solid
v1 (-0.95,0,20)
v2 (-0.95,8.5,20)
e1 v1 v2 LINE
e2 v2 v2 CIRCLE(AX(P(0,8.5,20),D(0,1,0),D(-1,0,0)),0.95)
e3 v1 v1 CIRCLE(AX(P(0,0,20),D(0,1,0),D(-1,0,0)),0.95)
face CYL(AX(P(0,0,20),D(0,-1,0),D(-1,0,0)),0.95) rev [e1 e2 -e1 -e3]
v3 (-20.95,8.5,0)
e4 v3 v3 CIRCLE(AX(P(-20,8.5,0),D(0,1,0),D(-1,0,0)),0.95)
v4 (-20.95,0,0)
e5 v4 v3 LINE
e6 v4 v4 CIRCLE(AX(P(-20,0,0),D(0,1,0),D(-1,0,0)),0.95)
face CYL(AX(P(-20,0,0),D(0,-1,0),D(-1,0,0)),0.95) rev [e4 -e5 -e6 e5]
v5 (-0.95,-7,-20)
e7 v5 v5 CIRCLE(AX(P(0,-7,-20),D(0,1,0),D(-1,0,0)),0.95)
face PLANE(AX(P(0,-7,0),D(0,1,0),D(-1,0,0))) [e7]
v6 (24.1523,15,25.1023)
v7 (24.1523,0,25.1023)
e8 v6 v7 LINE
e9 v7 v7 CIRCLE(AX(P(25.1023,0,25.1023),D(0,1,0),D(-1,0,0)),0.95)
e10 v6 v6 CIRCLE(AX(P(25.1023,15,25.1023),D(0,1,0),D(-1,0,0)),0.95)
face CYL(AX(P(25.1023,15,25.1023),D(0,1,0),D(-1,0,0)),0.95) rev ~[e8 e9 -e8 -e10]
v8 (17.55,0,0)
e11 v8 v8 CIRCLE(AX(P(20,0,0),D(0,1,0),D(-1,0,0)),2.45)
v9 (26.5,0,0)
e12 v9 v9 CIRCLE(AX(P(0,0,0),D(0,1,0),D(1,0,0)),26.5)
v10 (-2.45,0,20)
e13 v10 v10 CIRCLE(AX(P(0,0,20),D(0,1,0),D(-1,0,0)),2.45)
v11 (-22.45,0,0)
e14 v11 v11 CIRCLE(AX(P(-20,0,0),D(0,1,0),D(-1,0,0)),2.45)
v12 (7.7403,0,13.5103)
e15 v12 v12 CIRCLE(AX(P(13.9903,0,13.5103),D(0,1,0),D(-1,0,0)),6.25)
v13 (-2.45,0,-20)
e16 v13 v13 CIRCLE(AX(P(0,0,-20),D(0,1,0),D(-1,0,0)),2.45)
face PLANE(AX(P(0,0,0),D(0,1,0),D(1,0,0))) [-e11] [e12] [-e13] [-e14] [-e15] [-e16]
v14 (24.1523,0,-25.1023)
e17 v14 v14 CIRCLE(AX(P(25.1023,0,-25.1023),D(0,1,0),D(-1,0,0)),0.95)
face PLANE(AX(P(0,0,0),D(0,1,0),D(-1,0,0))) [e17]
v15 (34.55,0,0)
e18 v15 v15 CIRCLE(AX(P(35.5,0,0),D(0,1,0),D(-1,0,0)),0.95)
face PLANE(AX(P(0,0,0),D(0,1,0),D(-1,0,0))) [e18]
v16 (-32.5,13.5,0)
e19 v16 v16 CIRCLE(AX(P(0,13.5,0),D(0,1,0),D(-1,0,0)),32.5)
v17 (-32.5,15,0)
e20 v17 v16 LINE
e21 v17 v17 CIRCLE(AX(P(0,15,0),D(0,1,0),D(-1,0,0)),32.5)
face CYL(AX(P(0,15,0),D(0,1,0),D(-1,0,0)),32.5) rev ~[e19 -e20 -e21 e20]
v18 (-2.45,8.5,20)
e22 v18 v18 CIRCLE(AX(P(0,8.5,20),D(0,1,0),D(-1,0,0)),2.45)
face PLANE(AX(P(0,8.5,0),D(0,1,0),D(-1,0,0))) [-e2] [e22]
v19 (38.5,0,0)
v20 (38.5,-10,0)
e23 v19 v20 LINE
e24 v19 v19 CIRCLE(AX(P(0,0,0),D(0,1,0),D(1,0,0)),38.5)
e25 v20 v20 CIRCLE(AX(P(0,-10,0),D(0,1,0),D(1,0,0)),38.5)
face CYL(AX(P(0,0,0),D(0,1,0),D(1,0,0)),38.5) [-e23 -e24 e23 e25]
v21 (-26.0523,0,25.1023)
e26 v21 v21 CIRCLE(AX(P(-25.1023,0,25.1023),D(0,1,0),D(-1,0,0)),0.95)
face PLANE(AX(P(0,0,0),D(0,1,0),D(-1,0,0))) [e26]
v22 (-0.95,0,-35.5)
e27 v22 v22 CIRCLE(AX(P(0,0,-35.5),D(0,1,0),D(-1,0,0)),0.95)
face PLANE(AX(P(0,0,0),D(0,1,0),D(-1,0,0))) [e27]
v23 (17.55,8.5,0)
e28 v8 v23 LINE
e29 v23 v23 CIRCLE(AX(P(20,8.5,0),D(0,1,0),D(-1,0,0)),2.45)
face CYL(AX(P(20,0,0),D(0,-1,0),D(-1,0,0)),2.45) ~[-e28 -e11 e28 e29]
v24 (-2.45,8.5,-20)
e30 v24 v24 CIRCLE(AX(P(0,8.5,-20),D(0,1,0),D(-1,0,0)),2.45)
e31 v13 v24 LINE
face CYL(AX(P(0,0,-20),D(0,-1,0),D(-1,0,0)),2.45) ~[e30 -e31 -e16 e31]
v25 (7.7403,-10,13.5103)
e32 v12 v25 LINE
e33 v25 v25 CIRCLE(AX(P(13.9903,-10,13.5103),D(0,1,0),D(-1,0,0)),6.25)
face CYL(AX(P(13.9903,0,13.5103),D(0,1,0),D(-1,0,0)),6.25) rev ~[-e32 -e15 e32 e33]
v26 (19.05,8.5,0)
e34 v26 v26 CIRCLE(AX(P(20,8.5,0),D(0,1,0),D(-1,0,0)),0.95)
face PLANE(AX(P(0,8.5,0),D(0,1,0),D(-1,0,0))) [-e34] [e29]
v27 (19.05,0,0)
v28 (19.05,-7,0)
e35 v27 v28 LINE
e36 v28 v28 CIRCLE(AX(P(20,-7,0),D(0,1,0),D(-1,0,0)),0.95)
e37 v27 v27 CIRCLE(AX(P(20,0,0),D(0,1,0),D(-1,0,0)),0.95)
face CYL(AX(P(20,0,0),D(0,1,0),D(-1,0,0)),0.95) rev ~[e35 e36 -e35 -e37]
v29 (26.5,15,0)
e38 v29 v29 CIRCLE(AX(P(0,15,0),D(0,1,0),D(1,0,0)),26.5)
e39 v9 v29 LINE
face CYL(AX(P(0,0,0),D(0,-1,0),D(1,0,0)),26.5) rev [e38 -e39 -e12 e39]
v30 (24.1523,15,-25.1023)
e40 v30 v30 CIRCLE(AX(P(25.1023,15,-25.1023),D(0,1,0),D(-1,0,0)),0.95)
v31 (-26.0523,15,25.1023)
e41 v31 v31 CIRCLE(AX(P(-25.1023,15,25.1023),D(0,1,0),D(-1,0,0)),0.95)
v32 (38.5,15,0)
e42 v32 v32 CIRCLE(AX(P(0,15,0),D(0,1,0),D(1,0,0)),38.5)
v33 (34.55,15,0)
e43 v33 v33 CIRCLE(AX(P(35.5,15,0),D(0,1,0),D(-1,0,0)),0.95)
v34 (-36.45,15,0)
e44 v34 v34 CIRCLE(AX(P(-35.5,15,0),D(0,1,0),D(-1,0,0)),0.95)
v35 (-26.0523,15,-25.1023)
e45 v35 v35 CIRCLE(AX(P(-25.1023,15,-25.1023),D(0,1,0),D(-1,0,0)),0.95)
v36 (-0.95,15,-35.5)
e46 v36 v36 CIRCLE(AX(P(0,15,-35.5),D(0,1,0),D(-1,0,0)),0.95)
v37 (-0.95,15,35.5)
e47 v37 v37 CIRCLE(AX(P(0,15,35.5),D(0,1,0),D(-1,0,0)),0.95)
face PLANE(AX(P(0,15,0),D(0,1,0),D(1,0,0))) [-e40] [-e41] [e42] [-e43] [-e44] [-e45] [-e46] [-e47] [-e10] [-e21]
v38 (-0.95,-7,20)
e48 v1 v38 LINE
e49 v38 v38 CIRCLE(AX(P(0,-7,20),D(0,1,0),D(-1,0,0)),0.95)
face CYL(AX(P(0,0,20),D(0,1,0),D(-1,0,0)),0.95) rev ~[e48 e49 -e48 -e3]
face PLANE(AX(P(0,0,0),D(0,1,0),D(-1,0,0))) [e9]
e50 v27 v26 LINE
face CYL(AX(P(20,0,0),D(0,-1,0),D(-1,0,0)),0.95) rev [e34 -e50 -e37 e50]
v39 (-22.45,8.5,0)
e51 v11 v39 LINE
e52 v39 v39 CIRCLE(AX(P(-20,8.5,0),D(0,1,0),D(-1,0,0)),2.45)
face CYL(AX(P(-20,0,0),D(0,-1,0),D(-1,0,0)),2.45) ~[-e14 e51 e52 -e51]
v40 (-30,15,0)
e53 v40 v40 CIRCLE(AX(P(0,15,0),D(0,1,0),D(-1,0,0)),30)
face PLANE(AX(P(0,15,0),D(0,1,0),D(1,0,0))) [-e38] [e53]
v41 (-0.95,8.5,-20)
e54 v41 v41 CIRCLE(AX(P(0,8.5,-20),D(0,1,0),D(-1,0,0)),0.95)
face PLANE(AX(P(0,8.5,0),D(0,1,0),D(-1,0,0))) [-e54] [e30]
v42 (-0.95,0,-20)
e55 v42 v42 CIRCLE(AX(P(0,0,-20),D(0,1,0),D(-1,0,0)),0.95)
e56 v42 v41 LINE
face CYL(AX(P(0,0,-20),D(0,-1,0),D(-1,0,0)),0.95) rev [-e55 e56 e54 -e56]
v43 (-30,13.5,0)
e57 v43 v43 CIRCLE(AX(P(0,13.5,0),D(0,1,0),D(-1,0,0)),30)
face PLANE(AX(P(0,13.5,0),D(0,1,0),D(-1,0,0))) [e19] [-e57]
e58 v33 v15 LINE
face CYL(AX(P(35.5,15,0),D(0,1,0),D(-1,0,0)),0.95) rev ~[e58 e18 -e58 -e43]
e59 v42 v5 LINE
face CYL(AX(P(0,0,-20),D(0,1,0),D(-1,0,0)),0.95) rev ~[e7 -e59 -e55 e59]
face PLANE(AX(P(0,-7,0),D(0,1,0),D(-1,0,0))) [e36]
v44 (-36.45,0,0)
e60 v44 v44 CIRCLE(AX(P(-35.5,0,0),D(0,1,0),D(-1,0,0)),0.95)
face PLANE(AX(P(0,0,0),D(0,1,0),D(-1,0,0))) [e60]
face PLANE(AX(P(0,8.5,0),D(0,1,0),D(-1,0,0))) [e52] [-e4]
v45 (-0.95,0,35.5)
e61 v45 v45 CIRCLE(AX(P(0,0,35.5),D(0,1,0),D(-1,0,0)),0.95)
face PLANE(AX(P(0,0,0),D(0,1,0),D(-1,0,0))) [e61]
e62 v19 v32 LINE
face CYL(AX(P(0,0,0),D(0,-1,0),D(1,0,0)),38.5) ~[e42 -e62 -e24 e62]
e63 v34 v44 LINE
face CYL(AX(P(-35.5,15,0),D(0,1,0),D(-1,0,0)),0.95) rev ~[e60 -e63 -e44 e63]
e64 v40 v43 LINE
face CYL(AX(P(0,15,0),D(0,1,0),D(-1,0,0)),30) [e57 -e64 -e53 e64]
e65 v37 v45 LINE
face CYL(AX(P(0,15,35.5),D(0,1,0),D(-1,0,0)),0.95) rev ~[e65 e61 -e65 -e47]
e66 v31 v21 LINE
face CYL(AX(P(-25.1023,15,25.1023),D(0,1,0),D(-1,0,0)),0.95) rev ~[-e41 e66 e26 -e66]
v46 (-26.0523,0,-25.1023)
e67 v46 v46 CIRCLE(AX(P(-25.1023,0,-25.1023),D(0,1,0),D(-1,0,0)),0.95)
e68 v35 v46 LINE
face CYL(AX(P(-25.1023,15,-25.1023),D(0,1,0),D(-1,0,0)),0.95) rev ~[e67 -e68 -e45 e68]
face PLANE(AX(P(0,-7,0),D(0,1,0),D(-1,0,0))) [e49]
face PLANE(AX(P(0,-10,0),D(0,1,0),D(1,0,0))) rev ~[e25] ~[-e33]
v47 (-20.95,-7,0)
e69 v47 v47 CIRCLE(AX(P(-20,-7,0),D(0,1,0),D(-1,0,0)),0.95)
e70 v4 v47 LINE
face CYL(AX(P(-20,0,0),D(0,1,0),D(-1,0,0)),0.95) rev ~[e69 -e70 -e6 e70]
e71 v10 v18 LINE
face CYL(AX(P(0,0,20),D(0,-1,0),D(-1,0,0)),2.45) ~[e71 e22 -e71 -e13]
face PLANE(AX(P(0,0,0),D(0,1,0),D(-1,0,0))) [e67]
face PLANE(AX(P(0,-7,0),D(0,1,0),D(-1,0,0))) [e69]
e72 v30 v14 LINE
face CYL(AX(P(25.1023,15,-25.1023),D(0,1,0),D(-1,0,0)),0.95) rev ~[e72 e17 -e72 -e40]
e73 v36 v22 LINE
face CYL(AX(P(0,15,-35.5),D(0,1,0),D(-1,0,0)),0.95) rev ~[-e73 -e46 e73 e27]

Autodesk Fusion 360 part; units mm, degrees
sketch "BaseSketch" plane through (0, 0, 0) normal (0, 1, 0) x (1, 0, 0)
  circle A0 centre (0, 0) radius 38.5
  circle A1 centre (0, 0) radius 26.5
  dimension "d1" = 77
  dimension "d2" = 53
extrude "Extrude1" add sketch "BaseSketch" against normal blind 10 contours A0 | A1
extrude "Extrude2" add sketch "BaseSketch" along normal blind 15
sketch "ORingSketch" plane through (0, 15, 0) normal (0, 1, 0) x (-1, 0, 0)
  circle A0 centre (0, 0) radius 26.5
  circle A1 centre (0, 0) radius 38.5
  circle A2 centre (0, 0) radius 30
  circle A3 centre (0, 0) radius 32.5
  dimension "d10" = 60
  dimension "d11" = 65
extrude "Extrude3" cut sketch "ORingSketch" against normal blind 1.5 contours A3
sketch "ScrewSketch" plane through (0, 15, 0) normal (0, 1, 0) x (-1, 0, 0)
  circle A0 centre (0, 0) radius 38.5
  circle A1 centre (0, 0) radius 32.5
  circle A2 centre (-35.5, 0) radius 0.95
  circle A3 centre (-25.1023, -25.1023) radius 0.95
  circle A4 centre (0, -35.5) radius 0.95
  circle A5 centre (25.1023, -25.1023) radius 0.95
  circle A6 centre (35.5, 0) radius 0.95
  circle A7 centre (25.1023, 25.1023) radius 0.95
  circle A8 centre (0, 35.5) radius 0.95
  circle A9 centre (-25.1023, 25.1023) radius 0.95
  dimension "d16" = 1.9
  dimension "d19" = 360
  dimension "d22" = 35.5
extrude "Extrude4" cut sketch "ScrewSketch" against normal blind 15 contours A2 | A3 | A4 | A5 | A6 | A7 | A8 | A9
sketch "StandoffSketch" plane through (0, 0, 0) normal (0, 1, 0) x (-1, 0, 0)
  circle A0 centre (0, 0) radius 26.5
  circle A1 centre (0, 0) radius 25
  circle A2 centre (-20, 0) radius 0.95
  circle A3 centre (-20, 0) radius 2.45
  circle A4 centre (0, -20) radius 0.95
  circle A5 centre (0, -20) radius 2.45
  circle A6 centre (20, 0) radius 0.95
  circle A7 centre (20, 0) radius 2.45
  circle A8 centre (0, 20) radius 0.95
  circle A9 centre (0, 20) radius 2.45
  dimension "d25" = 50
  dimension "d27" = 1.9
  dimension "d28" = 20
  dimension "d29" = 4.9
  dimension "d31" = 360
extrude "Extrude5" add sketch "StandoffSketch" along normal blind 8.5 contours A3 | A5 | A7 | A9
extrude "Extrude6" cut sketch "StandoffSketch" against normal blind 7 contours A2 | A4 | A6 | A8
ref_plane "WorkPlane1" through (0, 15, 0) normal (0, 1, 0) x (1, 0, 0)
sketch "RubberPlugSketch" plane through (0, 0, 0) normal (0, 1, 0) x (-1, 0, 0)
  circle A0 centre (20, 0) radius 2.45
  circle A1 centre (0, -20) radius 2.45
  circle A2 centre (0, 0) radius 26.5
  circle A3 centre (-20, 0) radius 2.45
  circle A4 centre (0, 20) radius 2.45
  circle A5 centre (-13.9903, 13.5103) radius 6.25
  line L0 (0, 0) -> (-26.5, 0) construction
  line L1 (0, 0) -> (-13.9903, 13.5103) construction
  dimension "d37" = 12.5
  dimension "d38" = 19.4488
  dimension "d39" = 44
extrude "Extrude7" cut sketch "RubberPlugSketch" against normal blind 10 contours A5
equation "d1 = diameter"
equation "d2 = PCBdiameter + tolerance"
equation "tolerance = 3 mm"
equation "d4 = -CaseBottomThick"
equation "CaseBottomThick = 10 mm"
equation "height = 25 mm"
equation "d8 = height - CaseBottomThick"
equation "d10 = d11 - 5 mm"
equation "diameter = 77 mm"
equation "screwDiameter = 1.9 mm"
equation "d16 = screwDiameter"
equation "screwDepth = 15 mm"
equation "d22 = diameter / 2 - 3 mm"
equation "d23 = -screwDepth"
equation "d25 = PCBdiameter"
equation "PCBdiameter = 50 mm"
equation "d27 = screwDiameter"
equation "d28 = PCBdiameter / 2 - 5 mm"
equation "d29 = screwDiameter + tolerance"
equation "d32 = 5.5 mm + tolerance"
equation "d34 = -CaseBottomThick + tolerance"
equation "d40 = -CaseBottomThick"
